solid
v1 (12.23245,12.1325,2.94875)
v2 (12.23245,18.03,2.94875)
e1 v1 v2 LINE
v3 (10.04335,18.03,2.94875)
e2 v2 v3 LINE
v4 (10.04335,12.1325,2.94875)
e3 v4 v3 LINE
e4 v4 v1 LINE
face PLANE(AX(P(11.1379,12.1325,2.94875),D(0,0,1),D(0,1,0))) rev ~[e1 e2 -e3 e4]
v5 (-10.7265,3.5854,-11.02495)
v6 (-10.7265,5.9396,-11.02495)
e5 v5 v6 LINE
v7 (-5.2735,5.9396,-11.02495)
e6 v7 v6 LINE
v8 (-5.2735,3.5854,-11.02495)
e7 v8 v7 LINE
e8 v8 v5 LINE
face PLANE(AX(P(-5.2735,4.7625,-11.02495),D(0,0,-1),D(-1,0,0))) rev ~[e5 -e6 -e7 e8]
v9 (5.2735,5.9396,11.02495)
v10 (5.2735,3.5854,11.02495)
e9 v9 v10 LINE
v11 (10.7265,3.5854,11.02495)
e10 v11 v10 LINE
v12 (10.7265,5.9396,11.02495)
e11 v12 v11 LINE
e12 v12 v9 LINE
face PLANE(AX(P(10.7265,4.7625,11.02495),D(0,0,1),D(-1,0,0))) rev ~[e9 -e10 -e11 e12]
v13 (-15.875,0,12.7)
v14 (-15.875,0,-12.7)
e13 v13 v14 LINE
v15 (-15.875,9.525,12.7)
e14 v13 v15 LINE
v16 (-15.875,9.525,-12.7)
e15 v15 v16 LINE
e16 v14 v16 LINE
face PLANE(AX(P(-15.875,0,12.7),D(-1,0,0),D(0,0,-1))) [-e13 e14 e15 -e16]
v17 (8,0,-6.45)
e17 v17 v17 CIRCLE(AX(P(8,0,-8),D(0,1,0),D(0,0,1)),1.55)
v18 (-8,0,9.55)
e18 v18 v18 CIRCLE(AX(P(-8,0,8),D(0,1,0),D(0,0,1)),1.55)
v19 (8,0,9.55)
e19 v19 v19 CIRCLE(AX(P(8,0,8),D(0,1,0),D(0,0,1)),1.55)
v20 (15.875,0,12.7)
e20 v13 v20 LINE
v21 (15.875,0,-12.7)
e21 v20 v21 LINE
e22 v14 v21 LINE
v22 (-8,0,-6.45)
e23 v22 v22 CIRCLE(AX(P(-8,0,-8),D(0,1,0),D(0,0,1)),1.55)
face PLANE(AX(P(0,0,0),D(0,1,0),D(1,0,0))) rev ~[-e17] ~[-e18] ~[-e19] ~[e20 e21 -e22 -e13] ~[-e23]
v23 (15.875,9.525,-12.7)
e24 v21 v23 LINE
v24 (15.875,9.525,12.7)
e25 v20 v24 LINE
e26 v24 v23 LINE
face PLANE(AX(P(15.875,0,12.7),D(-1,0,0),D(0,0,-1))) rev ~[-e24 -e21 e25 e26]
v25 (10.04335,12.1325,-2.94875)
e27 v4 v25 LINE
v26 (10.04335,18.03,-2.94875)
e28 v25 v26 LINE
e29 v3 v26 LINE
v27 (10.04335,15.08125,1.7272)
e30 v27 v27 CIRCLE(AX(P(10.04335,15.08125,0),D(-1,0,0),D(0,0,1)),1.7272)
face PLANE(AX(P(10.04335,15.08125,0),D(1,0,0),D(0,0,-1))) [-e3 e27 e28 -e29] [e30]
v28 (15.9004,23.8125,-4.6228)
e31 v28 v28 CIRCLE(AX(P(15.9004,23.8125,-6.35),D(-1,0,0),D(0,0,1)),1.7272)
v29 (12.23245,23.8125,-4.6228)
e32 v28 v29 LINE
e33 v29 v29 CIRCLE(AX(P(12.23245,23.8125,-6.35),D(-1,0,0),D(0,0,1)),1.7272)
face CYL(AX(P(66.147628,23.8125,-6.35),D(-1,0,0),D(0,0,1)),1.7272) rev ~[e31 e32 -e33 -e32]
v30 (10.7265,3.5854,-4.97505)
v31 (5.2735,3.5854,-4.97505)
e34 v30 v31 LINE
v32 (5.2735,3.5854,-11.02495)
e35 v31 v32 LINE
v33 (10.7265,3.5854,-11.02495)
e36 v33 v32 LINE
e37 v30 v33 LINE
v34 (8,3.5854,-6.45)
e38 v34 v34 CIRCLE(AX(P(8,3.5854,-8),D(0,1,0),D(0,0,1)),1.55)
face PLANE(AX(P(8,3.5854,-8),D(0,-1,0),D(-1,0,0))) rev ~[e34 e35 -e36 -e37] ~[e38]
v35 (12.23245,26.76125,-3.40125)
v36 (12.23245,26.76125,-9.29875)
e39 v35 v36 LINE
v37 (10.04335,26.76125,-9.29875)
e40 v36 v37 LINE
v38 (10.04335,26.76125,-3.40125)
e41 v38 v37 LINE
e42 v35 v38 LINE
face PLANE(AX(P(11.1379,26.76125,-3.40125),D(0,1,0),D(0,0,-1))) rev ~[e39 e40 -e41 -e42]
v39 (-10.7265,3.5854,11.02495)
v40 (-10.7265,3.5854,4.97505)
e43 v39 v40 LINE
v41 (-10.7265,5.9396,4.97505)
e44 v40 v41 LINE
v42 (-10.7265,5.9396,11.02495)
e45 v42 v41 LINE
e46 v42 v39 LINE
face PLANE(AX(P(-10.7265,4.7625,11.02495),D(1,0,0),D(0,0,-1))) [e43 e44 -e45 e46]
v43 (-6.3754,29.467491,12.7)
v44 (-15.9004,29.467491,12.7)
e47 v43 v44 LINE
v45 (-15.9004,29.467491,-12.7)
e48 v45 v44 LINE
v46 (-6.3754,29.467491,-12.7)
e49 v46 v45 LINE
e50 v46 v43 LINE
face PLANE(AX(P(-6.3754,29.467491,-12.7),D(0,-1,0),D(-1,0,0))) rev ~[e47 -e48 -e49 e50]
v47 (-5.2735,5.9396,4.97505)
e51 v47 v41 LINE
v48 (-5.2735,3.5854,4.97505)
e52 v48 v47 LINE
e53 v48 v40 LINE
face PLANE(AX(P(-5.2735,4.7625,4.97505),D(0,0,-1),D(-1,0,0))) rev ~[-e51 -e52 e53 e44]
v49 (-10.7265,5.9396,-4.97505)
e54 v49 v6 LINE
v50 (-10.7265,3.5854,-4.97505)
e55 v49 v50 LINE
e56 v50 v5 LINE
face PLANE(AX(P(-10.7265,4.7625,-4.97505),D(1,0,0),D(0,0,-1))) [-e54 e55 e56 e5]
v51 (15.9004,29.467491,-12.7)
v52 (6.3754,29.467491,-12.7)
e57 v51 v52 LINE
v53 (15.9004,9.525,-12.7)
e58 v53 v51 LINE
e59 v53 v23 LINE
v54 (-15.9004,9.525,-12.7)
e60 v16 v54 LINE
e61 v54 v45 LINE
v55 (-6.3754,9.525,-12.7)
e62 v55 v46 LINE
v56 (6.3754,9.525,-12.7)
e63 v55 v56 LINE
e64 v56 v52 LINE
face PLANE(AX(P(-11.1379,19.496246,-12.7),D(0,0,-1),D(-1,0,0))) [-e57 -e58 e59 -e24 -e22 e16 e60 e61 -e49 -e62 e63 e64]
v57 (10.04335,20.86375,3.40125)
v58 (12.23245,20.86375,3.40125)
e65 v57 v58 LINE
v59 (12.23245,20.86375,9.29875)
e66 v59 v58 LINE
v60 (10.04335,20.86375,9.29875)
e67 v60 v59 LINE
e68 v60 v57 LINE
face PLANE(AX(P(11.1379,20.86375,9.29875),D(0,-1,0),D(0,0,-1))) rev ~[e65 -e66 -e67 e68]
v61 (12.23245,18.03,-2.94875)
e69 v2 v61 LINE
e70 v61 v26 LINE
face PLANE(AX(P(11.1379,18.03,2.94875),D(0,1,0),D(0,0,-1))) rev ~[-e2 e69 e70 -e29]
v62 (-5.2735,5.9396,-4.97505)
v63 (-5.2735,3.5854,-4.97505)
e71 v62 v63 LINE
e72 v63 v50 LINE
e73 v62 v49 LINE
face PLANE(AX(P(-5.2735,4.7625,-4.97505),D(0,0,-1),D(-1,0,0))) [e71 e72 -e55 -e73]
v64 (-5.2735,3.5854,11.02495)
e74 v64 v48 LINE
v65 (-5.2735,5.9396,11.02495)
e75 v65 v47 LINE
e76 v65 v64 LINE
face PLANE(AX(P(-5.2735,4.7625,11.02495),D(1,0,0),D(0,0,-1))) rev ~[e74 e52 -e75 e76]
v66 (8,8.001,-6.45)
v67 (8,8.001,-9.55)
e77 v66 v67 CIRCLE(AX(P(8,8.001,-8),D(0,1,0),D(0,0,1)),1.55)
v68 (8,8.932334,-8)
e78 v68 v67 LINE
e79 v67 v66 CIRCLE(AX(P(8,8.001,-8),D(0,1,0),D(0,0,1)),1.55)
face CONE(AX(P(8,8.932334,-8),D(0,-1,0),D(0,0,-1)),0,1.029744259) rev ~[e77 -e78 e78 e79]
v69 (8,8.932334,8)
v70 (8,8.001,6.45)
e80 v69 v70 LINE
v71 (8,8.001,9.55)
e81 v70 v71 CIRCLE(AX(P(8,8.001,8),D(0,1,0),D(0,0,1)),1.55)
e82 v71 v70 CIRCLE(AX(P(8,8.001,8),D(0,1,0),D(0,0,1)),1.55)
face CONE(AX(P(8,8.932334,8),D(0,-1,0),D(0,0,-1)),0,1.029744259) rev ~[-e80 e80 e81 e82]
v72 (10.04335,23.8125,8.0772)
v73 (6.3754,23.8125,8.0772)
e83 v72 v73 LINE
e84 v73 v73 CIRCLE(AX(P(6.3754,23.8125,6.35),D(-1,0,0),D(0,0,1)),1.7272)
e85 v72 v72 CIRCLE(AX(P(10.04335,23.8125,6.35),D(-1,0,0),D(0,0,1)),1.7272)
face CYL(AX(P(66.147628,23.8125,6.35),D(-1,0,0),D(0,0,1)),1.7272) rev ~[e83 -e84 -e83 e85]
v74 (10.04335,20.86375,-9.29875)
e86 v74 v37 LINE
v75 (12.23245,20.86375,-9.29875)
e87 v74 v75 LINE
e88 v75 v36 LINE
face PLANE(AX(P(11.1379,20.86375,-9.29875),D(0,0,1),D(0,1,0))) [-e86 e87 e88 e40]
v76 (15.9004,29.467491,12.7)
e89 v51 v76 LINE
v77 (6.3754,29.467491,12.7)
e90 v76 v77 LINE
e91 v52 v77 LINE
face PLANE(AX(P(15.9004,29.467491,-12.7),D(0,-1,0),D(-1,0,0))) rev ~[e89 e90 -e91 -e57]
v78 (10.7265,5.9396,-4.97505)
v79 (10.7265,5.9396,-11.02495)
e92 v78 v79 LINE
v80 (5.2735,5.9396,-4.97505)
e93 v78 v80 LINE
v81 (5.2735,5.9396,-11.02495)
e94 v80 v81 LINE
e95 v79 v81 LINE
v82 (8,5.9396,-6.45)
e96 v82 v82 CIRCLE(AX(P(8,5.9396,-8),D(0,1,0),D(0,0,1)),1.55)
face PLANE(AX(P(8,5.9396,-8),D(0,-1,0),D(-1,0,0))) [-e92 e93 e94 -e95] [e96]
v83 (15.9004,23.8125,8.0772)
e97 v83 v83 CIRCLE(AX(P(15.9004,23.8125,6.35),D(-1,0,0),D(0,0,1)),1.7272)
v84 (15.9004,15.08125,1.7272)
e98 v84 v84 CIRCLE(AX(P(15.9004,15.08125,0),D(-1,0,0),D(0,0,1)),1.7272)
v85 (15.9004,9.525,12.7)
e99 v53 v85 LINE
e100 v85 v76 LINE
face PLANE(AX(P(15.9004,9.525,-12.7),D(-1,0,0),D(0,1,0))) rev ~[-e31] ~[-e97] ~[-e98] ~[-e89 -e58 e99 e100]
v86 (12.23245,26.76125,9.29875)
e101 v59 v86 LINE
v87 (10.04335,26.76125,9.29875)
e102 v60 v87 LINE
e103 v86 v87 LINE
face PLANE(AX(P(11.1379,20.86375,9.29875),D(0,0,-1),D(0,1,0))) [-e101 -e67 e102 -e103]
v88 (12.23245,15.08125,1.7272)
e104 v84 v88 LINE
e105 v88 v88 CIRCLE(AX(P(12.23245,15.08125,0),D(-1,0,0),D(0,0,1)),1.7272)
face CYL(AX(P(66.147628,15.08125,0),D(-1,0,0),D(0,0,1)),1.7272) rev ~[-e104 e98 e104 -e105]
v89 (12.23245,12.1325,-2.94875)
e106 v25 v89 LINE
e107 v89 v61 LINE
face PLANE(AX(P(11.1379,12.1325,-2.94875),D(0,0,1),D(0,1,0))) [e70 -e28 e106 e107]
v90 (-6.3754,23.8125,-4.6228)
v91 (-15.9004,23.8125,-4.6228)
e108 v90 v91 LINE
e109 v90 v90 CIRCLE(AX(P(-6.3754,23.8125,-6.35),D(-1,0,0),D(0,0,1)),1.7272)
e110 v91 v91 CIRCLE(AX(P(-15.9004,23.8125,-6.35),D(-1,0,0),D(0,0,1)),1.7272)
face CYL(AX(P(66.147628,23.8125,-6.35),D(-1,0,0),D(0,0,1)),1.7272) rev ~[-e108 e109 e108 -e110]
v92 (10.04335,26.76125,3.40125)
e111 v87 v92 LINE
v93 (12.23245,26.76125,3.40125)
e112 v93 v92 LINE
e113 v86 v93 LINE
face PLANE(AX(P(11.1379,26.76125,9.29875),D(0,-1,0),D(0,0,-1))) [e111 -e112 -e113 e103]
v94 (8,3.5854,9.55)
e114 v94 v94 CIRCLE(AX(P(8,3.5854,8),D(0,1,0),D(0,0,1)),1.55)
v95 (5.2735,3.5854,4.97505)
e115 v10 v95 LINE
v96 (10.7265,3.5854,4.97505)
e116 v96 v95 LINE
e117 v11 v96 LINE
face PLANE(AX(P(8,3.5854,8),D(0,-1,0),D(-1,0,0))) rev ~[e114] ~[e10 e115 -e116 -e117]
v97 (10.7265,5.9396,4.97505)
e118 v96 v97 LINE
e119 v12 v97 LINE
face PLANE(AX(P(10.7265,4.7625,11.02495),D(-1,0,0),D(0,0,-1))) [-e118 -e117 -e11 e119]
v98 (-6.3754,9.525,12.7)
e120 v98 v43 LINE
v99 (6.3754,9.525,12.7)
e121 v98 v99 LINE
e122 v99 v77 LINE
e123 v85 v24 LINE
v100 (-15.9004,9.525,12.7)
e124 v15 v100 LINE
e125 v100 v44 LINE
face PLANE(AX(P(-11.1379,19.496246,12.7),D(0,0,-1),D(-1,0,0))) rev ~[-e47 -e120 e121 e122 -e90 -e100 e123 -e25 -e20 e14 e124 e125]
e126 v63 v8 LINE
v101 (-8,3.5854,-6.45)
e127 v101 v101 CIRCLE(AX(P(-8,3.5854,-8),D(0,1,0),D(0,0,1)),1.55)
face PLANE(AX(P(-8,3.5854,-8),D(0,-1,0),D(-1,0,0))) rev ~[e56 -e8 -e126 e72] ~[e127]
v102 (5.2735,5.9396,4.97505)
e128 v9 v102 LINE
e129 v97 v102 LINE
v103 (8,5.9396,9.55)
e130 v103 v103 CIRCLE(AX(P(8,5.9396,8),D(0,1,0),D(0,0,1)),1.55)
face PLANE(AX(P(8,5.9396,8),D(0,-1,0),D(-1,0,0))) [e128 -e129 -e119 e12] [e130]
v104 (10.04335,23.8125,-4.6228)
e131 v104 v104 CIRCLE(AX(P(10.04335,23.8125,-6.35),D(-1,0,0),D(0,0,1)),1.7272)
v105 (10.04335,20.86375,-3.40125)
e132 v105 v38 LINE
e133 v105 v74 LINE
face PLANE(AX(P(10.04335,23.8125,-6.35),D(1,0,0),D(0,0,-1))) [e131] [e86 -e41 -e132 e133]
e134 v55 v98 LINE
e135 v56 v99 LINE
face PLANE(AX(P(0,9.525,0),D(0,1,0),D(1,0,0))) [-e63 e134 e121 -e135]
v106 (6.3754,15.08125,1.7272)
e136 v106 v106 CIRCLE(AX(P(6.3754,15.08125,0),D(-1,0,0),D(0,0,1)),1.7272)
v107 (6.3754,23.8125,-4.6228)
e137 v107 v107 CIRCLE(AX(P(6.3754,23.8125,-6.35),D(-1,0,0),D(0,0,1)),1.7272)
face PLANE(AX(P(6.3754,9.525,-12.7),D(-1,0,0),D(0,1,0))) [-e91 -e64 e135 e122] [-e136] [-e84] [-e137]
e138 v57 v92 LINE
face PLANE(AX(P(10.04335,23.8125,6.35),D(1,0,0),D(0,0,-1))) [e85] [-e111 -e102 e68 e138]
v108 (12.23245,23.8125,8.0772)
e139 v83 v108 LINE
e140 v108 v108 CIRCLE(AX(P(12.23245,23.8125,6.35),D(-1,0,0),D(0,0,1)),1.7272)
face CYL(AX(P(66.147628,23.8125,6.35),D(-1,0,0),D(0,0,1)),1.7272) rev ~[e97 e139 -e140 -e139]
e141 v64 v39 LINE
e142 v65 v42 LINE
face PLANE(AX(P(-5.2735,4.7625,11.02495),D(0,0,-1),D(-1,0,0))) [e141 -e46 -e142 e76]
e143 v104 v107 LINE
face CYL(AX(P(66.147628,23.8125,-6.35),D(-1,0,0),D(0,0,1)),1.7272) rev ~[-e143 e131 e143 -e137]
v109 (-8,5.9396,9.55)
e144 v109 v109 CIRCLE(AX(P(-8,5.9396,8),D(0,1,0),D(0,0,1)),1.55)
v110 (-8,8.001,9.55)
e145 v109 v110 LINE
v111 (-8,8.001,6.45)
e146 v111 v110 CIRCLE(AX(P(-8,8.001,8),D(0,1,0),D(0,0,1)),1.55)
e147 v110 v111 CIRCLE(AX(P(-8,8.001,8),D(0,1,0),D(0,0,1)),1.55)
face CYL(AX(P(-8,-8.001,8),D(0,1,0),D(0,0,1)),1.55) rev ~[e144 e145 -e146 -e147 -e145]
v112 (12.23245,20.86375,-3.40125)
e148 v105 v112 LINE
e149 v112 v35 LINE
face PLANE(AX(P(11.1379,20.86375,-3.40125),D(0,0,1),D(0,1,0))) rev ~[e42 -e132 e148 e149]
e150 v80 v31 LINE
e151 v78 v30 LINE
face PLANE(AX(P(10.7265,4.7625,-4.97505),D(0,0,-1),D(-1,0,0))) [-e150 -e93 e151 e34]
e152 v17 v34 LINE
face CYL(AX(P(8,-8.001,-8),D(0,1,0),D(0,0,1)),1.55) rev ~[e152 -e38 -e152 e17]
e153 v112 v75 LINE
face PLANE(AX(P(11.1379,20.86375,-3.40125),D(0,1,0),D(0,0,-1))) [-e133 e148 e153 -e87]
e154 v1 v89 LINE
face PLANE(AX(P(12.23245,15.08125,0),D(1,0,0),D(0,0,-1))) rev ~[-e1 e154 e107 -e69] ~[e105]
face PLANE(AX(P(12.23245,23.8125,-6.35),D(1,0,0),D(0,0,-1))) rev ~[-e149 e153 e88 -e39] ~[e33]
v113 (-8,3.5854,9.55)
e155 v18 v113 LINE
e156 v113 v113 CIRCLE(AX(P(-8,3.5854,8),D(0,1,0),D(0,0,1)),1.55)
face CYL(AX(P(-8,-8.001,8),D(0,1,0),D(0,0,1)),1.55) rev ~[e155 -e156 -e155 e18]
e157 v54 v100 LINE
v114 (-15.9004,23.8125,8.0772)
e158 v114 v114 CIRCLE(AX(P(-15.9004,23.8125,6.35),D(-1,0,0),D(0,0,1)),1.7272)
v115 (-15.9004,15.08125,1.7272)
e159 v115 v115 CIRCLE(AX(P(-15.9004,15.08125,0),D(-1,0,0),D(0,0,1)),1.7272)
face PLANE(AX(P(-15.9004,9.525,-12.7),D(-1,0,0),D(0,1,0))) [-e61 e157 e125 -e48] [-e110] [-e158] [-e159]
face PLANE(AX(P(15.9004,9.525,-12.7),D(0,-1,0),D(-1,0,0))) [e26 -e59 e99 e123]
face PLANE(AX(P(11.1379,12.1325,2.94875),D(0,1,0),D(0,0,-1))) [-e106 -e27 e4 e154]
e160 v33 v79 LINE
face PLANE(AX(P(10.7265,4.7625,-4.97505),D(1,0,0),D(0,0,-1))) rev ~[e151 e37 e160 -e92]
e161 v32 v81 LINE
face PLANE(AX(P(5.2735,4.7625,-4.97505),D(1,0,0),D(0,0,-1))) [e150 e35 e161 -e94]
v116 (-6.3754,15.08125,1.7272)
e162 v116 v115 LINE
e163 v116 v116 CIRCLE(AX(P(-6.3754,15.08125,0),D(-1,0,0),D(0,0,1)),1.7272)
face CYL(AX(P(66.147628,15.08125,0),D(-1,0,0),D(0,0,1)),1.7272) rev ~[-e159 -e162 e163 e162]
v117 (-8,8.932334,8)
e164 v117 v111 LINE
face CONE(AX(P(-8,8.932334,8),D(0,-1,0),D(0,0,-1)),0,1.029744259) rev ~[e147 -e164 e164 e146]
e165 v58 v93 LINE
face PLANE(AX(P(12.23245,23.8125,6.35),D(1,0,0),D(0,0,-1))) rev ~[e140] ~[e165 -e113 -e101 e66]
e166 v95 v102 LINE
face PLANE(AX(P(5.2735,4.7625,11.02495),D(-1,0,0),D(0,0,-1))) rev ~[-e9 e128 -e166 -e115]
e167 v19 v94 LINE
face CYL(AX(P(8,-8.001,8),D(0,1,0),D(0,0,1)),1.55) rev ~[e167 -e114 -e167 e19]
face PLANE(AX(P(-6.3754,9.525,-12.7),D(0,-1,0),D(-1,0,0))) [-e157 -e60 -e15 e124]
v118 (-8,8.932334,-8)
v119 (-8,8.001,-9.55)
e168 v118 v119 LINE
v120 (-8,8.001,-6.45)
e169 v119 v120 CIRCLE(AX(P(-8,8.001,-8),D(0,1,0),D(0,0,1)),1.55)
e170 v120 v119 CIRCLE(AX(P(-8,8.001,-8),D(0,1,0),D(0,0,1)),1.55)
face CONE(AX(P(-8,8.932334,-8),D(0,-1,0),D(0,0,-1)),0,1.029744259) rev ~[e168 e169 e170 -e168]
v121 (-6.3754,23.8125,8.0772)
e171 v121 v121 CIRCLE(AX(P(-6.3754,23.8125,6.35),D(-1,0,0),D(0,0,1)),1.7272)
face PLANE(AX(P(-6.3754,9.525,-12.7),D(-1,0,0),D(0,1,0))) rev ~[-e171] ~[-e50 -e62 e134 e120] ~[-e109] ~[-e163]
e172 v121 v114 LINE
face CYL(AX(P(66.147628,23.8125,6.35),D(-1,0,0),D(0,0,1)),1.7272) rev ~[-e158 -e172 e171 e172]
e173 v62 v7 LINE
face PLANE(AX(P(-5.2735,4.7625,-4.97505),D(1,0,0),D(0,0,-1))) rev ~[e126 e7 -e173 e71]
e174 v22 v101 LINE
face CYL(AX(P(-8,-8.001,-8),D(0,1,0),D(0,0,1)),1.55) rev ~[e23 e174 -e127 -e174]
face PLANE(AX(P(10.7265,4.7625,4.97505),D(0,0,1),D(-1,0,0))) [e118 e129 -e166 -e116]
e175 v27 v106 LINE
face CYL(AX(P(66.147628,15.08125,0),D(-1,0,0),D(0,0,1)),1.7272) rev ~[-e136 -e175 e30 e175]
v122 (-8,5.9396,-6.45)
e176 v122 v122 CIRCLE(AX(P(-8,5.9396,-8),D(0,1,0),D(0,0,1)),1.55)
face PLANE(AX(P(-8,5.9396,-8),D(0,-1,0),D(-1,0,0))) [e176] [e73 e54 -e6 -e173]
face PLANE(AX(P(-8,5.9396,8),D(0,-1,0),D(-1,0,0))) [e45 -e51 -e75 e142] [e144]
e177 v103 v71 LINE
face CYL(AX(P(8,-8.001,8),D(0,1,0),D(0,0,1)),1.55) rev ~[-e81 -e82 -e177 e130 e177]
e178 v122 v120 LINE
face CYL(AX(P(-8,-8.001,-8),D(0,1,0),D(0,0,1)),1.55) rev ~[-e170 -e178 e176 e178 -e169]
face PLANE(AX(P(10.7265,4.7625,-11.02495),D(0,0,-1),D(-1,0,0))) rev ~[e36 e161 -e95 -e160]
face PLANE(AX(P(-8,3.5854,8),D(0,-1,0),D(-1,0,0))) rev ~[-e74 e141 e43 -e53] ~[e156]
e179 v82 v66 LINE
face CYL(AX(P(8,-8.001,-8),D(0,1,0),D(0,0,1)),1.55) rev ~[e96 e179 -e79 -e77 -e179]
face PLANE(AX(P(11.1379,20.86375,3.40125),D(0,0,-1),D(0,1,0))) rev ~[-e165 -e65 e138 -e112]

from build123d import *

# Parameters (mm, degrees)
SKETCH1_W                  = 31.75
SKETCH1_H                  = 25.4
BOSS_EXTRUDE1_DEPTH        = 9.525
M2_5_CLEARANCE_HOLE1_D     = 3.1
M2_5_CLEARANCE_HOLE1_DEPTH = 8.001
M2_5_CLEARANCE_HOLE1_TIP   = 0.931333959
SKETCH3_W                  = 9.525
SKETCH3_H                  = 19.942491079
BOSS_EXTRUDE2_DEPTH        = 25.4
F_4_CLEARANCE_HOLE1_D      = 3.4544
SKETCH9_W                  = 5.8975
SKETCH9_H                  = 5.8975
CUT_EXTRUDE1_DEPTH         = 1.09455
SKETCH10_W                 = 5.453
SKETCH10_H                 = 6.0499
CUT_EXTRUDE2_DEPTH         = 1.1771


with BuildPart() as part:
    # Sketch1 → Boss-Extrude1 (new body)
    with BuildSketch(Plane(origin=(0, 0, 0), x_dir=(1, 0, 0), z_dir=(0, 1, 0))):
        Rectangle(SKETCH1_W, SKETCH1_H)
    extrude(amount=BOSS_EXTRUDE1_DEPTH)

    # M2.5 Clearance Hole1
    with Locations(Plane(origin=(8, 0, -8), x_dir=(0, 0, -1), z_dir=(0, -1, 0))):
        with Locations((0, 0), (-16, 0), (-16, -16), (0, -16)):
            Hole(M2_5_CLEARANCE_HOLE1_D / 2, depth=M2_5_CLEARANCE_HOLE1_DEPTH)
            with Locations((0, 0, -(M2_5_CLEARANCE_HOLE1_DEPTH + M2_5_CLEARANCE_HOLE1_TIP / 2))):  # 118° drill point
                Cone(0, M2_5_CLEARANCE_HOLE1_D / 2, M2_5_CLEARANCE_HOLE1_TIP, mode=Mode.SUBTRACT)

    # Sketch3 → Boss-Extrude2 (add)
    with BuildSketch(Plane(origin=(0, 0, -12.7), x_dir=(-1, 0, 0), z_dir=(0, 0, -1))):
        with Locations((11.1379, 19.49624554)):
            Rectangle(SKETCH3_W, SKETCH3_H)
        with Locations((-11.1379, 19.49624554)):
            Rectangle(SKETCH3_W, SKETCH3_H)
    extrude(amount=-BOSS_EXTRUDE2_DEPTH)

    # #4 Clearance Hole1 (through all)
    with Locations(Plane(origin=(15.9004, 0, 0), x_dir=(0, 0, -1), z_dir=(1, 0, 0))):
        with Locations((0, 15.08125), (6.35, 23.8125), (-6.35, 23.8125)):
            Hole(F_4_CLEARANCE_HOLE1_D / 2)

    # Sketch9 → Cut-Extrude1 (cut, symmetric)
    with BuildSketch(Plane(origin=(11.1379, 0, 0), x_dir=(0, 0, -1), z_dir=(1, 0, 0))):
        with Locations((6.35, 23.8125)):
            Rectangle(SKETCH9_W, SKETCH9_H)
        with Locations((0, 15.08125)):
            Rectangle(SKETCH9_W, SKETCH9_H)
        with Locations((-6.35, 23.8125)):
            Rectangle(SKETCH9_W, SKETCH9_H)
    extrude(amount=CUT_EXTRUDE1_DEPTH, both=True, mode=Mode.SUBTRACT)

    # Sketch10 → Cut-Extrude2 (cut, symmetric)
    with BuildSketch(Plane(origin=(0, 4.7625, 0), x_dir=(-1, 0, 0), z_dir=(0, -1, 0))):
        with Locations((-8, 8)):
            Rectangle(SKETCH10_W, SKETCH10_H)
        with Locations((8, 8)):
            Rectangle(SKETCH10_W, SKETCH10_H)
        with Locations((8, -8)):
            Rectangle(SKETCH10_W, SKETCH10_H)
        with Locations((-8, -8)):
            Rectangle(SKETCH10_W, SKETCH10_H)
    extrude(amount=CUT_EXTRUDE2_DEPTH, both=True, mode=Mode.SUBTRACT)


solid = part.part
